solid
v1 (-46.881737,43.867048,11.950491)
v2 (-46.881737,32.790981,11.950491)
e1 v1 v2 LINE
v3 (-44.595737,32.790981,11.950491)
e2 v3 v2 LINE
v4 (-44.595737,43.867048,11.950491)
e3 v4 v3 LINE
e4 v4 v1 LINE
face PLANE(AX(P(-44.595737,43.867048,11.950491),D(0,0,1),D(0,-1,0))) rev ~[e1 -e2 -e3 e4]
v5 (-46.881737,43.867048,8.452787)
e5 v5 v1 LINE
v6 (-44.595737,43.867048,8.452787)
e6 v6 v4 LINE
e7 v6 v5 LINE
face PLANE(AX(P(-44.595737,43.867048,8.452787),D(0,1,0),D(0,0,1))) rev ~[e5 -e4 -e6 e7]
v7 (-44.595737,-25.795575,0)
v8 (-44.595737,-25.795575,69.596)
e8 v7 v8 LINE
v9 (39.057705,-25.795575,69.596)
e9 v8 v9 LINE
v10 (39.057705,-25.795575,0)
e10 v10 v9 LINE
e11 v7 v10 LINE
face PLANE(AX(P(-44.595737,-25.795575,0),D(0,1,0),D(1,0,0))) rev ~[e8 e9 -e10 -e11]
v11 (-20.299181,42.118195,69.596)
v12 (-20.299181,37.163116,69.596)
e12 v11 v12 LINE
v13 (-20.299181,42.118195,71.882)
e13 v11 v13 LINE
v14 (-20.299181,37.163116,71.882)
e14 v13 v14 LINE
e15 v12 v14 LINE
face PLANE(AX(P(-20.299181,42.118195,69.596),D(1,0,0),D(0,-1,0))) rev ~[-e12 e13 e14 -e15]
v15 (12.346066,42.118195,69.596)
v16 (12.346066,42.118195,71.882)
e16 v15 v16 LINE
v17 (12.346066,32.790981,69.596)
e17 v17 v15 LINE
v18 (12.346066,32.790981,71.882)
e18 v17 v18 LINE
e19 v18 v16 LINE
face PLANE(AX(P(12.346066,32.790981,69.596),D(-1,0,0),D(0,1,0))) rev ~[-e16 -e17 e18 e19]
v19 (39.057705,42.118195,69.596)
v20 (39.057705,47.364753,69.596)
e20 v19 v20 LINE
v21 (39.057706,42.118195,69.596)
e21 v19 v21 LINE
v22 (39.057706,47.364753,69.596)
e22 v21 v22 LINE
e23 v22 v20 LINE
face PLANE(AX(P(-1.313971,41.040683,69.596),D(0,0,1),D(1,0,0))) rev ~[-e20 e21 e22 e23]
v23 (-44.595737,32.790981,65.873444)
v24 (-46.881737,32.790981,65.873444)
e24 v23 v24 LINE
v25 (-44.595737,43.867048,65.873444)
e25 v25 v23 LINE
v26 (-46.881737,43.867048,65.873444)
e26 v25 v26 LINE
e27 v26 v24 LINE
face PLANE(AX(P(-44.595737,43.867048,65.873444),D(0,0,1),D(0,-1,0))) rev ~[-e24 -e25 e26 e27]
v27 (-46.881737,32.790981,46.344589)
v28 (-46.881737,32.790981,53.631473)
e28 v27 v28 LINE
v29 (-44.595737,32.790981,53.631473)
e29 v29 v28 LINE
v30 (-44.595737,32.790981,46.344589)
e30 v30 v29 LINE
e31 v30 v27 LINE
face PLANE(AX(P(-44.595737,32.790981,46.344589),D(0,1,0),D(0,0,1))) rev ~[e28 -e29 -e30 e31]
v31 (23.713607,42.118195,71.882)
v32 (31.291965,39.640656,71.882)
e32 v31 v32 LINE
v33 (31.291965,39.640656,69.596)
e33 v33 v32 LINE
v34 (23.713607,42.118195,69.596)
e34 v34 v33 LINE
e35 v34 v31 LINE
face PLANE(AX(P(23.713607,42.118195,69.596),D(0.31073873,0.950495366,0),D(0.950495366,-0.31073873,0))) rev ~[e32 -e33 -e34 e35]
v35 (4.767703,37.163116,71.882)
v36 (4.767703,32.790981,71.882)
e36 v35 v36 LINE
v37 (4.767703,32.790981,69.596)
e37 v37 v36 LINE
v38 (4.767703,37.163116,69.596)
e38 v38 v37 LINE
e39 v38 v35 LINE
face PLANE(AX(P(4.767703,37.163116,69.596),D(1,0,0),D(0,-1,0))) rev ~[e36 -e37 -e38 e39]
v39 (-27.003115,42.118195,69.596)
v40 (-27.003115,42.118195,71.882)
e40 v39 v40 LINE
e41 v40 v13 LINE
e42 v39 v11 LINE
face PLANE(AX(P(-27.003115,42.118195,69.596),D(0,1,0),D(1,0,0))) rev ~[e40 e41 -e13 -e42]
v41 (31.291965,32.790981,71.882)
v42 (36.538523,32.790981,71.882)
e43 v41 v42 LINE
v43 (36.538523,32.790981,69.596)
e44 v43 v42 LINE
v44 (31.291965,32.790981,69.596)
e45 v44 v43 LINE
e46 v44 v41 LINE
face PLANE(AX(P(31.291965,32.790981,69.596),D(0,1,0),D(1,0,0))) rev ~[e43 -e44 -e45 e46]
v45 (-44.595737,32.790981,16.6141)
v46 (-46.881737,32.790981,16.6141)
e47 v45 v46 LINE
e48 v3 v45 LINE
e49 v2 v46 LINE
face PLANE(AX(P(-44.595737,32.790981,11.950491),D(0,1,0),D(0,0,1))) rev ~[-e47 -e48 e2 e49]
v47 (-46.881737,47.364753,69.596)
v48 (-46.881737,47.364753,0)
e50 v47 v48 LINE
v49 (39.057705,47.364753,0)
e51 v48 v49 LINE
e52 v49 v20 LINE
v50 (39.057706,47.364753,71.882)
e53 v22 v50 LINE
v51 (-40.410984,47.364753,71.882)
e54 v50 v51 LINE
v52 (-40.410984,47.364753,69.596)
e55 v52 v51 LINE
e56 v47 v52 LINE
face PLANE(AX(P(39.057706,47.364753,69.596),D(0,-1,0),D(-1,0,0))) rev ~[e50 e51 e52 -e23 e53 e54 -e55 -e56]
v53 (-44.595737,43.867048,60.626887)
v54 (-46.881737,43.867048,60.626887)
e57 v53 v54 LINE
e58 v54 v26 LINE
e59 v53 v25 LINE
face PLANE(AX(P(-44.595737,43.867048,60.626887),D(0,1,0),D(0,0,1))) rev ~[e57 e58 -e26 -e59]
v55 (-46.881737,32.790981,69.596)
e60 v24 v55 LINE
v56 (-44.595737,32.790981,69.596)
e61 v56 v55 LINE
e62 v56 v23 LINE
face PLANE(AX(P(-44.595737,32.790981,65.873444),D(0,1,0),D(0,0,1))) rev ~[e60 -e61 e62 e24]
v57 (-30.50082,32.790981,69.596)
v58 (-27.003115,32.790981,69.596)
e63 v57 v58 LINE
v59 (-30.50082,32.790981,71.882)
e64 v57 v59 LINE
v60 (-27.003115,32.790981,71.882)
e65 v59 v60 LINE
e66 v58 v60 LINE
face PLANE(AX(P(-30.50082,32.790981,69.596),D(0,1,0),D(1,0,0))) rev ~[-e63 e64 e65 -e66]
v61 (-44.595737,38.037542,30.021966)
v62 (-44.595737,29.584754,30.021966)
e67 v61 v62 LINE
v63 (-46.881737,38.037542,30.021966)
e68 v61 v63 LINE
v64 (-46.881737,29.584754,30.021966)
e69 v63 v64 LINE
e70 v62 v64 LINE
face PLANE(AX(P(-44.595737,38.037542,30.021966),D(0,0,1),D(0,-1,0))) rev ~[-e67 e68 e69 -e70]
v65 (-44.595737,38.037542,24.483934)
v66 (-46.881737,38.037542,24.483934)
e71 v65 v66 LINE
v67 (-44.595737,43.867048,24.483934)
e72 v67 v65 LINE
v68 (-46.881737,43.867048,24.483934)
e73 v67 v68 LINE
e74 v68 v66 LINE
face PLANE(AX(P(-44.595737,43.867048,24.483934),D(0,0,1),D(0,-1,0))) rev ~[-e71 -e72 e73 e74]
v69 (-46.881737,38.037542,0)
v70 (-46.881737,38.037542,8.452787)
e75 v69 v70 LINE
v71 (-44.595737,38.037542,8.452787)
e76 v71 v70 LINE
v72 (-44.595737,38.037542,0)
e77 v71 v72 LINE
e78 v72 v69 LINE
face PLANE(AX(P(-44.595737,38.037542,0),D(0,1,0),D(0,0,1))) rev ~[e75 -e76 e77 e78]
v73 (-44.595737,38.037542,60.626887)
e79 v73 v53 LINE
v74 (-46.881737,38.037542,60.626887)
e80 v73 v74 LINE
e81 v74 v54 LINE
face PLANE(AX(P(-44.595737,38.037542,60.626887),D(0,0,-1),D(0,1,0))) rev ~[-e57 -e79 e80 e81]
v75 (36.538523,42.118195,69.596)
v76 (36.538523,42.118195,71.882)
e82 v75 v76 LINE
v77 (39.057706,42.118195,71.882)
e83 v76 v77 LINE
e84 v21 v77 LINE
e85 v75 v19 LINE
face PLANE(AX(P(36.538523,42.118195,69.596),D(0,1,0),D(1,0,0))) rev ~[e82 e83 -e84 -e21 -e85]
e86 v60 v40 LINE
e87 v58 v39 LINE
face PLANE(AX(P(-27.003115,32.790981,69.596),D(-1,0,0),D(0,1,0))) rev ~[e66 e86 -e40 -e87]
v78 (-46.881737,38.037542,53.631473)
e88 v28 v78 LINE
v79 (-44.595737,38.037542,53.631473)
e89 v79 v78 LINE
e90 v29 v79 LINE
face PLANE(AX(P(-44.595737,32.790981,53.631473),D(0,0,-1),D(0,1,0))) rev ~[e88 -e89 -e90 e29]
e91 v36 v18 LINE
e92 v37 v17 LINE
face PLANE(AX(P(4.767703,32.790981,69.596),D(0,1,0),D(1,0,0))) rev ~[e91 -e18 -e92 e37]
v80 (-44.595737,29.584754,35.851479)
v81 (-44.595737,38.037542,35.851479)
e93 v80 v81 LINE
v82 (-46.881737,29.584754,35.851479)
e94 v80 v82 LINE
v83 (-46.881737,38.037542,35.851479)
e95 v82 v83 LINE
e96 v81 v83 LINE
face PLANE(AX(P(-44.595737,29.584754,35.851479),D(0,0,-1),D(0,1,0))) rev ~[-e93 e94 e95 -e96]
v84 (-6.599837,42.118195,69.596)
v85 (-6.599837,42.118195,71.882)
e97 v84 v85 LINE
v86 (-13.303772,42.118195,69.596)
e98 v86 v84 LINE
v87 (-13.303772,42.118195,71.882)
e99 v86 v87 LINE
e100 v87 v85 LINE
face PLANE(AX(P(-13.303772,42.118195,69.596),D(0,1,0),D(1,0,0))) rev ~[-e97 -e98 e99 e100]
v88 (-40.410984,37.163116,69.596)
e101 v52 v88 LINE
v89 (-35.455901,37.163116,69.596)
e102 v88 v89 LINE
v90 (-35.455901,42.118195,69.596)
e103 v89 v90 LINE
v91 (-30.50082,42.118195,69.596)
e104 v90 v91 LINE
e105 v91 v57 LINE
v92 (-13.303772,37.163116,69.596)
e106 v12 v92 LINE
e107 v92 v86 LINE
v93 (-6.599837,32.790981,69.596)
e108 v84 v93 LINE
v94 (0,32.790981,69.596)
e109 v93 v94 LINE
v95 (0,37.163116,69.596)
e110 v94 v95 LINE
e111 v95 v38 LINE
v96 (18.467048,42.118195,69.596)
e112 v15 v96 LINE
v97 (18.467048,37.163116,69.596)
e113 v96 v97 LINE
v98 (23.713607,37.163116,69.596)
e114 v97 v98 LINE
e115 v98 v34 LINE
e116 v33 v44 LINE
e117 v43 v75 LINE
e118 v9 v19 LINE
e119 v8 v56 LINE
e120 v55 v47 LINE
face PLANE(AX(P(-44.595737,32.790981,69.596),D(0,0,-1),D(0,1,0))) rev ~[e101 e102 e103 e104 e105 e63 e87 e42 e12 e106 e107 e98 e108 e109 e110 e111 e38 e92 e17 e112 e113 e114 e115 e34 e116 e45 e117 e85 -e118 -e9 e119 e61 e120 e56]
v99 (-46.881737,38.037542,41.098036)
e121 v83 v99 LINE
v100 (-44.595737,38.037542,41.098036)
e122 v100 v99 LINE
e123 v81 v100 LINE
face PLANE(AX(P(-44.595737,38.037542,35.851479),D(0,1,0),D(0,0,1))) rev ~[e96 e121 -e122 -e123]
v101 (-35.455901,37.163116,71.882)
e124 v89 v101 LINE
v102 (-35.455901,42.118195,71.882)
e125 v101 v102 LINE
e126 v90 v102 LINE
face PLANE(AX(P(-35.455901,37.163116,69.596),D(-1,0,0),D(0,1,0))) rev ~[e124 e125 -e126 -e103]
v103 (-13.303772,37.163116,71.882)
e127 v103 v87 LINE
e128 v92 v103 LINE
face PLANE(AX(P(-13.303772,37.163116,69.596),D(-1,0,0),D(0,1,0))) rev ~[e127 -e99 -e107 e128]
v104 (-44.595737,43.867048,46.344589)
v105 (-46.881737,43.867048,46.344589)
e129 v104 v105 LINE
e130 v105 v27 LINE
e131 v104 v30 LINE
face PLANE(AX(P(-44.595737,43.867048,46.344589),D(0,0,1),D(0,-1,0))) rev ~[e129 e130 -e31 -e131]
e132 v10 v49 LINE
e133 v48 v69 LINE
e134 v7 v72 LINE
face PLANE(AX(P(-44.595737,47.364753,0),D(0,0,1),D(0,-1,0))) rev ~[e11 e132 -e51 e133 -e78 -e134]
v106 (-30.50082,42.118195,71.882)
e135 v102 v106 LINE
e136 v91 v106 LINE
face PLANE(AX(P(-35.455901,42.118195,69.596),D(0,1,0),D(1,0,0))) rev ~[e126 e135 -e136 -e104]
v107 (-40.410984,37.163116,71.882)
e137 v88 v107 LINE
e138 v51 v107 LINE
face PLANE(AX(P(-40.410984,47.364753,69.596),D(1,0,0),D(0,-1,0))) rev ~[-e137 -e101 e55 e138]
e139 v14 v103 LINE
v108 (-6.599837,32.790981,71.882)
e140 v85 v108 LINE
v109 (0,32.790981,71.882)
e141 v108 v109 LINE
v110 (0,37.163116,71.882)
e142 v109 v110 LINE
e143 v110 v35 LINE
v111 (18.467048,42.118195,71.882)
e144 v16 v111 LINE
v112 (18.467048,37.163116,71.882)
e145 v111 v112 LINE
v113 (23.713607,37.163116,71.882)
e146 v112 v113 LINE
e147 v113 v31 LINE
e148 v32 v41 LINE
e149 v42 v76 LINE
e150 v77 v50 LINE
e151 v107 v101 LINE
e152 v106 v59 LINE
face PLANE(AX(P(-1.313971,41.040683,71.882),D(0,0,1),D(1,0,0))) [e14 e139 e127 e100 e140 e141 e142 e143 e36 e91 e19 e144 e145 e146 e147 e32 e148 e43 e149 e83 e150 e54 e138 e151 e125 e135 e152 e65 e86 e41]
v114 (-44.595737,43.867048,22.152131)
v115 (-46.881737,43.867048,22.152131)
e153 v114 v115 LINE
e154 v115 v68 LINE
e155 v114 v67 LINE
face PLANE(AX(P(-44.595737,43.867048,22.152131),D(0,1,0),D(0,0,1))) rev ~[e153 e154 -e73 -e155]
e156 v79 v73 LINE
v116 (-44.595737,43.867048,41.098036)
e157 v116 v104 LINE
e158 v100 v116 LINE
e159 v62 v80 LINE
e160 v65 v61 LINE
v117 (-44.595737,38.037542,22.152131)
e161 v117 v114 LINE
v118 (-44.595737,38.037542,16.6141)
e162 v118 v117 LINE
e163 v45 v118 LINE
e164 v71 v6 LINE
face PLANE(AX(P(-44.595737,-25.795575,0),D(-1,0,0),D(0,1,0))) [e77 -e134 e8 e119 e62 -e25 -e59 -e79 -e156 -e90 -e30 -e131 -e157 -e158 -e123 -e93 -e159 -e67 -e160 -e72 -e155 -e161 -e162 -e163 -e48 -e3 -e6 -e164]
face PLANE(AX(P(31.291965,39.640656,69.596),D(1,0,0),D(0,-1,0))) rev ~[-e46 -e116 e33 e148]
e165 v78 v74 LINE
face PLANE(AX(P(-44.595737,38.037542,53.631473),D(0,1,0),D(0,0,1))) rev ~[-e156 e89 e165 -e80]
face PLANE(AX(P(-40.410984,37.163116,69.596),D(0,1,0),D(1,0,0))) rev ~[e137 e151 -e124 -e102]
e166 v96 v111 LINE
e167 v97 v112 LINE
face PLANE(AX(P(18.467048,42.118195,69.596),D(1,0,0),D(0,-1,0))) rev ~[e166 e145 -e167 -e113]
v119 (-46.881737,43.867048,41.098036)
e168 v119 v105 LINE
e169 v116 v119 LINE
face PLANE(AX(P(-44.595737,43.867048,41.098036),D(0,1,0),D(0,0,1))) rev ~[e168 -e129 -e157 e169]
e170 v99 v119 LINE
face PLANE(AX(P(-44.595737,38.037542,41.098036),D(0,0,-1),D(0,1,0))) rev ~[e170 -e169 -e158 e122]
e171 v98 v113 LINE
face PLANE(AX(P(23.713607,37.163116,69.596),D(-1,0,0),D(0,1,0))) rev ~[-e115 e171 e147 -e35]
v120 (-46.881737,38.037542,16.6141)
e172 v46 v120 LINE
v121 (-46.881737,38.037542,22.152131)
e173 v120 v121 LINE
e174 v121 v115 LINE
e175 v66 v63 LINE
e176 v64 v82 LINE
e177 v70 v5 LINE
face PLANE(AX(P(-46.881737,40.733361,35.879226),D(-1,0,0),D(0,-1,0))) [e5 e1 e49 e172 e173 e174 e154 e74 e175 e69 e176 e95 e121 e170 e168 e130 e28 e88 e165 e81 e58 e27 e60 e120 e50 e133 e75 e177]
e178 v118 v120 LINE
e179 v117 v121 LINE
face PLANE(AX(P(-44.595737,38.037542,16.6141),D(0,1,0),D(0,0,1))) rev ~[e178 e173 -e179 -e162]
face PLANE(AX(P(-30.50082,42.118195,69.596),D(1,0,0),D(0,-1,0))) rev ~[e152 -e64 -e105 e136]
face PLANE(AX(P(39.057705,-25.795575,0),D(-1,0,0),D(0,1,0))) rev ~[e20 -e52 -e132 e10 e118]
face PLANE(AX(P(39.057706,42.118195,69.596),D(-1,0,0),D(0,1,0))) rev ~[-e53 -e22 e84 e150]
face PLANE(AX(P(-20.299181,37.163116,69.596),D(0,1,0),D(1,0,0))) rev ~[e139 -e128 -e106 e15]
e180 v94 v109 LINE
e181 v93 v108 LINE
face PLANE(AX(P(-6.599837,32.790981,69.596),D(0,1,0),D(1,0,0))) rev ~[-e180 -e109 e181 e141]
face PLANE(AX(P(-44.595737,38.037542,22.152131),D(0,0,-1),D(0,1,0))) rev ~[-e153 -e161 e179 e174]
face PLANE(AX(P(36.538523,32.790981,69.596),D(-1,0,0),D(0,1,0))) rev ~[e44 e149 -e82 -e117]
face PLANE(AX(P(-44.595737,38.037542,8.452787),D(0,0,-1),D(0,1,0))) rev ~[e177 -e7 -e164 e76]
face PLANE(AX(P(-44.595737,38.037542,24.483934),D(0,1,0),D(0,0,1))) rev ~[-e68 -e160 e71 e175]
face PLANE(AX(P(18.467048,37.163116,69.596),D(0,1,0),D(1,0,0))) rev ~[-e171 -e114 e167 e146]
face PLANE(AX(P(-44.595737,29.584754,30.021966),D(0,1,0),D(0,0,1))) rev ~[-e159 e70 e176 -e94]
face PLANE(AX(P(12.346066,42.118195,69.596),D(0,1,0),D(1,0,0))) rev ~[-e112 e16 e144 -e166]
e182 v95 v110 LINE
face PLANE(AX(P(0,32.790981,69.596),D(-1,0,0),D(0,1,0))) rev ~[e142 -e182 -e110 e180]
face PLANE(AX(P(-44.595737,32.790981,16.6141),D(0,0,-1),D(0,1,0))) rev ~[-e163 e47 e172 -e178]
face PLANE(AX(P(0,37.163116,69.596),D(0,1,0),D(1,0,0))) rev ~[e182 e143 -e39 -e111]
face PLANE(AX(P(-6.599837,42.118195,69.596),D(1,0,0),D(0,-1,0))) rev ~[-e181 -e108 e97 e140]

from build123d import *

# Parameters (mm, degrees)
F0_W     = 83.653443
F0_H     = 73.160328
F1_DEPTH = 69.596
F3_DEPTH = 2.286
F5_DEPTH = 2.286


with BuildPart() as f1:
    # F0 (on Top) → F1 (new body)
    with BuildSketch(Plane.XY):
        with Locations((-2.769016, 10.784589)):
            Rectangle(F0_W, F0_H)
    extrude(amount=F1_DEPTH)

    # F2 (on face) → F3 (join)
    with BuildSketch(Plane(origin=(-44.595737, 0, 0), x_dir=(0, -1, 0), z_dir=(-1, 0, 0))):
        Polygon((-47.364753, 0), (-38.037542, 0), (-38.037542, 8.452787), (-43.867048, 8.452787), (-43.867048, 11.950491), (-32.790981, 11.950491), (-32.790981, 16.6141), (-38.037542, 16.6141), (-38.037542, 22.152131), (-43.867048, 22.152131), (-43.867048, 24.483934), (-38.037542, 24.483934), (-38.037542, 30.021966), (-29.584754, 30.021966), (-29.584754, 35.851479), (-38.037542, 35.851479), (-38.037542, 41.098036), (-43.867048, 41.098036), (-43.867048, 46.344589), (-32.790981, 46.344589), (-32.790981, 53.631473), (-38.037542, 53.631473), (-38.037542, 60.626887), (-43.867048, 60.626887), (-43.867048, 65.873444), (-32.790981, 65.873444), (-32.790981, 69.596), (-47.364753, 69.596), align=None)
    extrude(amount=F3_DEPTH)

    # F4 (on face) → F5 (join)
    with BuildSketch(Plane.XY.offset(69.596)):
        Polygon((39.057706, 47.364753), (-40.410984, 47.364753), (-40.410984, 37.163116), (-35.455901, 37.163116), (-35.455901, 42.118195), (-30.50082, 42.118195), (-30.50082, 32.790981), (-27.003115, 32.790981), (-27.003115, 42.118195), (-20.299181, 42.118195), (-20.299181, 37.163116), (-13.303772, 37.163116), (-13.303772, 42.118195), (-6.599837, 42.118195), (-6.599837, 32.790981), (0, 32.790981), (0, 37.163116), (4.767703, 37.163116), (4.767703, 32.790981), (12.346066, 32.790981), (12.346066, 42.118195), (18.467048, 42.118195), (18.467048, 37.163116), (23.713607, 37.163116), (23.713607, 42.118195), (31.291965, 39.640656), (31.291965, 32.790981), (36.538523, 32.790981), (36.538523, 42.118195), (39.057706, 42.118195), align=None)
    extrude(amount=F5_DEPTH)


solid = f1.part
